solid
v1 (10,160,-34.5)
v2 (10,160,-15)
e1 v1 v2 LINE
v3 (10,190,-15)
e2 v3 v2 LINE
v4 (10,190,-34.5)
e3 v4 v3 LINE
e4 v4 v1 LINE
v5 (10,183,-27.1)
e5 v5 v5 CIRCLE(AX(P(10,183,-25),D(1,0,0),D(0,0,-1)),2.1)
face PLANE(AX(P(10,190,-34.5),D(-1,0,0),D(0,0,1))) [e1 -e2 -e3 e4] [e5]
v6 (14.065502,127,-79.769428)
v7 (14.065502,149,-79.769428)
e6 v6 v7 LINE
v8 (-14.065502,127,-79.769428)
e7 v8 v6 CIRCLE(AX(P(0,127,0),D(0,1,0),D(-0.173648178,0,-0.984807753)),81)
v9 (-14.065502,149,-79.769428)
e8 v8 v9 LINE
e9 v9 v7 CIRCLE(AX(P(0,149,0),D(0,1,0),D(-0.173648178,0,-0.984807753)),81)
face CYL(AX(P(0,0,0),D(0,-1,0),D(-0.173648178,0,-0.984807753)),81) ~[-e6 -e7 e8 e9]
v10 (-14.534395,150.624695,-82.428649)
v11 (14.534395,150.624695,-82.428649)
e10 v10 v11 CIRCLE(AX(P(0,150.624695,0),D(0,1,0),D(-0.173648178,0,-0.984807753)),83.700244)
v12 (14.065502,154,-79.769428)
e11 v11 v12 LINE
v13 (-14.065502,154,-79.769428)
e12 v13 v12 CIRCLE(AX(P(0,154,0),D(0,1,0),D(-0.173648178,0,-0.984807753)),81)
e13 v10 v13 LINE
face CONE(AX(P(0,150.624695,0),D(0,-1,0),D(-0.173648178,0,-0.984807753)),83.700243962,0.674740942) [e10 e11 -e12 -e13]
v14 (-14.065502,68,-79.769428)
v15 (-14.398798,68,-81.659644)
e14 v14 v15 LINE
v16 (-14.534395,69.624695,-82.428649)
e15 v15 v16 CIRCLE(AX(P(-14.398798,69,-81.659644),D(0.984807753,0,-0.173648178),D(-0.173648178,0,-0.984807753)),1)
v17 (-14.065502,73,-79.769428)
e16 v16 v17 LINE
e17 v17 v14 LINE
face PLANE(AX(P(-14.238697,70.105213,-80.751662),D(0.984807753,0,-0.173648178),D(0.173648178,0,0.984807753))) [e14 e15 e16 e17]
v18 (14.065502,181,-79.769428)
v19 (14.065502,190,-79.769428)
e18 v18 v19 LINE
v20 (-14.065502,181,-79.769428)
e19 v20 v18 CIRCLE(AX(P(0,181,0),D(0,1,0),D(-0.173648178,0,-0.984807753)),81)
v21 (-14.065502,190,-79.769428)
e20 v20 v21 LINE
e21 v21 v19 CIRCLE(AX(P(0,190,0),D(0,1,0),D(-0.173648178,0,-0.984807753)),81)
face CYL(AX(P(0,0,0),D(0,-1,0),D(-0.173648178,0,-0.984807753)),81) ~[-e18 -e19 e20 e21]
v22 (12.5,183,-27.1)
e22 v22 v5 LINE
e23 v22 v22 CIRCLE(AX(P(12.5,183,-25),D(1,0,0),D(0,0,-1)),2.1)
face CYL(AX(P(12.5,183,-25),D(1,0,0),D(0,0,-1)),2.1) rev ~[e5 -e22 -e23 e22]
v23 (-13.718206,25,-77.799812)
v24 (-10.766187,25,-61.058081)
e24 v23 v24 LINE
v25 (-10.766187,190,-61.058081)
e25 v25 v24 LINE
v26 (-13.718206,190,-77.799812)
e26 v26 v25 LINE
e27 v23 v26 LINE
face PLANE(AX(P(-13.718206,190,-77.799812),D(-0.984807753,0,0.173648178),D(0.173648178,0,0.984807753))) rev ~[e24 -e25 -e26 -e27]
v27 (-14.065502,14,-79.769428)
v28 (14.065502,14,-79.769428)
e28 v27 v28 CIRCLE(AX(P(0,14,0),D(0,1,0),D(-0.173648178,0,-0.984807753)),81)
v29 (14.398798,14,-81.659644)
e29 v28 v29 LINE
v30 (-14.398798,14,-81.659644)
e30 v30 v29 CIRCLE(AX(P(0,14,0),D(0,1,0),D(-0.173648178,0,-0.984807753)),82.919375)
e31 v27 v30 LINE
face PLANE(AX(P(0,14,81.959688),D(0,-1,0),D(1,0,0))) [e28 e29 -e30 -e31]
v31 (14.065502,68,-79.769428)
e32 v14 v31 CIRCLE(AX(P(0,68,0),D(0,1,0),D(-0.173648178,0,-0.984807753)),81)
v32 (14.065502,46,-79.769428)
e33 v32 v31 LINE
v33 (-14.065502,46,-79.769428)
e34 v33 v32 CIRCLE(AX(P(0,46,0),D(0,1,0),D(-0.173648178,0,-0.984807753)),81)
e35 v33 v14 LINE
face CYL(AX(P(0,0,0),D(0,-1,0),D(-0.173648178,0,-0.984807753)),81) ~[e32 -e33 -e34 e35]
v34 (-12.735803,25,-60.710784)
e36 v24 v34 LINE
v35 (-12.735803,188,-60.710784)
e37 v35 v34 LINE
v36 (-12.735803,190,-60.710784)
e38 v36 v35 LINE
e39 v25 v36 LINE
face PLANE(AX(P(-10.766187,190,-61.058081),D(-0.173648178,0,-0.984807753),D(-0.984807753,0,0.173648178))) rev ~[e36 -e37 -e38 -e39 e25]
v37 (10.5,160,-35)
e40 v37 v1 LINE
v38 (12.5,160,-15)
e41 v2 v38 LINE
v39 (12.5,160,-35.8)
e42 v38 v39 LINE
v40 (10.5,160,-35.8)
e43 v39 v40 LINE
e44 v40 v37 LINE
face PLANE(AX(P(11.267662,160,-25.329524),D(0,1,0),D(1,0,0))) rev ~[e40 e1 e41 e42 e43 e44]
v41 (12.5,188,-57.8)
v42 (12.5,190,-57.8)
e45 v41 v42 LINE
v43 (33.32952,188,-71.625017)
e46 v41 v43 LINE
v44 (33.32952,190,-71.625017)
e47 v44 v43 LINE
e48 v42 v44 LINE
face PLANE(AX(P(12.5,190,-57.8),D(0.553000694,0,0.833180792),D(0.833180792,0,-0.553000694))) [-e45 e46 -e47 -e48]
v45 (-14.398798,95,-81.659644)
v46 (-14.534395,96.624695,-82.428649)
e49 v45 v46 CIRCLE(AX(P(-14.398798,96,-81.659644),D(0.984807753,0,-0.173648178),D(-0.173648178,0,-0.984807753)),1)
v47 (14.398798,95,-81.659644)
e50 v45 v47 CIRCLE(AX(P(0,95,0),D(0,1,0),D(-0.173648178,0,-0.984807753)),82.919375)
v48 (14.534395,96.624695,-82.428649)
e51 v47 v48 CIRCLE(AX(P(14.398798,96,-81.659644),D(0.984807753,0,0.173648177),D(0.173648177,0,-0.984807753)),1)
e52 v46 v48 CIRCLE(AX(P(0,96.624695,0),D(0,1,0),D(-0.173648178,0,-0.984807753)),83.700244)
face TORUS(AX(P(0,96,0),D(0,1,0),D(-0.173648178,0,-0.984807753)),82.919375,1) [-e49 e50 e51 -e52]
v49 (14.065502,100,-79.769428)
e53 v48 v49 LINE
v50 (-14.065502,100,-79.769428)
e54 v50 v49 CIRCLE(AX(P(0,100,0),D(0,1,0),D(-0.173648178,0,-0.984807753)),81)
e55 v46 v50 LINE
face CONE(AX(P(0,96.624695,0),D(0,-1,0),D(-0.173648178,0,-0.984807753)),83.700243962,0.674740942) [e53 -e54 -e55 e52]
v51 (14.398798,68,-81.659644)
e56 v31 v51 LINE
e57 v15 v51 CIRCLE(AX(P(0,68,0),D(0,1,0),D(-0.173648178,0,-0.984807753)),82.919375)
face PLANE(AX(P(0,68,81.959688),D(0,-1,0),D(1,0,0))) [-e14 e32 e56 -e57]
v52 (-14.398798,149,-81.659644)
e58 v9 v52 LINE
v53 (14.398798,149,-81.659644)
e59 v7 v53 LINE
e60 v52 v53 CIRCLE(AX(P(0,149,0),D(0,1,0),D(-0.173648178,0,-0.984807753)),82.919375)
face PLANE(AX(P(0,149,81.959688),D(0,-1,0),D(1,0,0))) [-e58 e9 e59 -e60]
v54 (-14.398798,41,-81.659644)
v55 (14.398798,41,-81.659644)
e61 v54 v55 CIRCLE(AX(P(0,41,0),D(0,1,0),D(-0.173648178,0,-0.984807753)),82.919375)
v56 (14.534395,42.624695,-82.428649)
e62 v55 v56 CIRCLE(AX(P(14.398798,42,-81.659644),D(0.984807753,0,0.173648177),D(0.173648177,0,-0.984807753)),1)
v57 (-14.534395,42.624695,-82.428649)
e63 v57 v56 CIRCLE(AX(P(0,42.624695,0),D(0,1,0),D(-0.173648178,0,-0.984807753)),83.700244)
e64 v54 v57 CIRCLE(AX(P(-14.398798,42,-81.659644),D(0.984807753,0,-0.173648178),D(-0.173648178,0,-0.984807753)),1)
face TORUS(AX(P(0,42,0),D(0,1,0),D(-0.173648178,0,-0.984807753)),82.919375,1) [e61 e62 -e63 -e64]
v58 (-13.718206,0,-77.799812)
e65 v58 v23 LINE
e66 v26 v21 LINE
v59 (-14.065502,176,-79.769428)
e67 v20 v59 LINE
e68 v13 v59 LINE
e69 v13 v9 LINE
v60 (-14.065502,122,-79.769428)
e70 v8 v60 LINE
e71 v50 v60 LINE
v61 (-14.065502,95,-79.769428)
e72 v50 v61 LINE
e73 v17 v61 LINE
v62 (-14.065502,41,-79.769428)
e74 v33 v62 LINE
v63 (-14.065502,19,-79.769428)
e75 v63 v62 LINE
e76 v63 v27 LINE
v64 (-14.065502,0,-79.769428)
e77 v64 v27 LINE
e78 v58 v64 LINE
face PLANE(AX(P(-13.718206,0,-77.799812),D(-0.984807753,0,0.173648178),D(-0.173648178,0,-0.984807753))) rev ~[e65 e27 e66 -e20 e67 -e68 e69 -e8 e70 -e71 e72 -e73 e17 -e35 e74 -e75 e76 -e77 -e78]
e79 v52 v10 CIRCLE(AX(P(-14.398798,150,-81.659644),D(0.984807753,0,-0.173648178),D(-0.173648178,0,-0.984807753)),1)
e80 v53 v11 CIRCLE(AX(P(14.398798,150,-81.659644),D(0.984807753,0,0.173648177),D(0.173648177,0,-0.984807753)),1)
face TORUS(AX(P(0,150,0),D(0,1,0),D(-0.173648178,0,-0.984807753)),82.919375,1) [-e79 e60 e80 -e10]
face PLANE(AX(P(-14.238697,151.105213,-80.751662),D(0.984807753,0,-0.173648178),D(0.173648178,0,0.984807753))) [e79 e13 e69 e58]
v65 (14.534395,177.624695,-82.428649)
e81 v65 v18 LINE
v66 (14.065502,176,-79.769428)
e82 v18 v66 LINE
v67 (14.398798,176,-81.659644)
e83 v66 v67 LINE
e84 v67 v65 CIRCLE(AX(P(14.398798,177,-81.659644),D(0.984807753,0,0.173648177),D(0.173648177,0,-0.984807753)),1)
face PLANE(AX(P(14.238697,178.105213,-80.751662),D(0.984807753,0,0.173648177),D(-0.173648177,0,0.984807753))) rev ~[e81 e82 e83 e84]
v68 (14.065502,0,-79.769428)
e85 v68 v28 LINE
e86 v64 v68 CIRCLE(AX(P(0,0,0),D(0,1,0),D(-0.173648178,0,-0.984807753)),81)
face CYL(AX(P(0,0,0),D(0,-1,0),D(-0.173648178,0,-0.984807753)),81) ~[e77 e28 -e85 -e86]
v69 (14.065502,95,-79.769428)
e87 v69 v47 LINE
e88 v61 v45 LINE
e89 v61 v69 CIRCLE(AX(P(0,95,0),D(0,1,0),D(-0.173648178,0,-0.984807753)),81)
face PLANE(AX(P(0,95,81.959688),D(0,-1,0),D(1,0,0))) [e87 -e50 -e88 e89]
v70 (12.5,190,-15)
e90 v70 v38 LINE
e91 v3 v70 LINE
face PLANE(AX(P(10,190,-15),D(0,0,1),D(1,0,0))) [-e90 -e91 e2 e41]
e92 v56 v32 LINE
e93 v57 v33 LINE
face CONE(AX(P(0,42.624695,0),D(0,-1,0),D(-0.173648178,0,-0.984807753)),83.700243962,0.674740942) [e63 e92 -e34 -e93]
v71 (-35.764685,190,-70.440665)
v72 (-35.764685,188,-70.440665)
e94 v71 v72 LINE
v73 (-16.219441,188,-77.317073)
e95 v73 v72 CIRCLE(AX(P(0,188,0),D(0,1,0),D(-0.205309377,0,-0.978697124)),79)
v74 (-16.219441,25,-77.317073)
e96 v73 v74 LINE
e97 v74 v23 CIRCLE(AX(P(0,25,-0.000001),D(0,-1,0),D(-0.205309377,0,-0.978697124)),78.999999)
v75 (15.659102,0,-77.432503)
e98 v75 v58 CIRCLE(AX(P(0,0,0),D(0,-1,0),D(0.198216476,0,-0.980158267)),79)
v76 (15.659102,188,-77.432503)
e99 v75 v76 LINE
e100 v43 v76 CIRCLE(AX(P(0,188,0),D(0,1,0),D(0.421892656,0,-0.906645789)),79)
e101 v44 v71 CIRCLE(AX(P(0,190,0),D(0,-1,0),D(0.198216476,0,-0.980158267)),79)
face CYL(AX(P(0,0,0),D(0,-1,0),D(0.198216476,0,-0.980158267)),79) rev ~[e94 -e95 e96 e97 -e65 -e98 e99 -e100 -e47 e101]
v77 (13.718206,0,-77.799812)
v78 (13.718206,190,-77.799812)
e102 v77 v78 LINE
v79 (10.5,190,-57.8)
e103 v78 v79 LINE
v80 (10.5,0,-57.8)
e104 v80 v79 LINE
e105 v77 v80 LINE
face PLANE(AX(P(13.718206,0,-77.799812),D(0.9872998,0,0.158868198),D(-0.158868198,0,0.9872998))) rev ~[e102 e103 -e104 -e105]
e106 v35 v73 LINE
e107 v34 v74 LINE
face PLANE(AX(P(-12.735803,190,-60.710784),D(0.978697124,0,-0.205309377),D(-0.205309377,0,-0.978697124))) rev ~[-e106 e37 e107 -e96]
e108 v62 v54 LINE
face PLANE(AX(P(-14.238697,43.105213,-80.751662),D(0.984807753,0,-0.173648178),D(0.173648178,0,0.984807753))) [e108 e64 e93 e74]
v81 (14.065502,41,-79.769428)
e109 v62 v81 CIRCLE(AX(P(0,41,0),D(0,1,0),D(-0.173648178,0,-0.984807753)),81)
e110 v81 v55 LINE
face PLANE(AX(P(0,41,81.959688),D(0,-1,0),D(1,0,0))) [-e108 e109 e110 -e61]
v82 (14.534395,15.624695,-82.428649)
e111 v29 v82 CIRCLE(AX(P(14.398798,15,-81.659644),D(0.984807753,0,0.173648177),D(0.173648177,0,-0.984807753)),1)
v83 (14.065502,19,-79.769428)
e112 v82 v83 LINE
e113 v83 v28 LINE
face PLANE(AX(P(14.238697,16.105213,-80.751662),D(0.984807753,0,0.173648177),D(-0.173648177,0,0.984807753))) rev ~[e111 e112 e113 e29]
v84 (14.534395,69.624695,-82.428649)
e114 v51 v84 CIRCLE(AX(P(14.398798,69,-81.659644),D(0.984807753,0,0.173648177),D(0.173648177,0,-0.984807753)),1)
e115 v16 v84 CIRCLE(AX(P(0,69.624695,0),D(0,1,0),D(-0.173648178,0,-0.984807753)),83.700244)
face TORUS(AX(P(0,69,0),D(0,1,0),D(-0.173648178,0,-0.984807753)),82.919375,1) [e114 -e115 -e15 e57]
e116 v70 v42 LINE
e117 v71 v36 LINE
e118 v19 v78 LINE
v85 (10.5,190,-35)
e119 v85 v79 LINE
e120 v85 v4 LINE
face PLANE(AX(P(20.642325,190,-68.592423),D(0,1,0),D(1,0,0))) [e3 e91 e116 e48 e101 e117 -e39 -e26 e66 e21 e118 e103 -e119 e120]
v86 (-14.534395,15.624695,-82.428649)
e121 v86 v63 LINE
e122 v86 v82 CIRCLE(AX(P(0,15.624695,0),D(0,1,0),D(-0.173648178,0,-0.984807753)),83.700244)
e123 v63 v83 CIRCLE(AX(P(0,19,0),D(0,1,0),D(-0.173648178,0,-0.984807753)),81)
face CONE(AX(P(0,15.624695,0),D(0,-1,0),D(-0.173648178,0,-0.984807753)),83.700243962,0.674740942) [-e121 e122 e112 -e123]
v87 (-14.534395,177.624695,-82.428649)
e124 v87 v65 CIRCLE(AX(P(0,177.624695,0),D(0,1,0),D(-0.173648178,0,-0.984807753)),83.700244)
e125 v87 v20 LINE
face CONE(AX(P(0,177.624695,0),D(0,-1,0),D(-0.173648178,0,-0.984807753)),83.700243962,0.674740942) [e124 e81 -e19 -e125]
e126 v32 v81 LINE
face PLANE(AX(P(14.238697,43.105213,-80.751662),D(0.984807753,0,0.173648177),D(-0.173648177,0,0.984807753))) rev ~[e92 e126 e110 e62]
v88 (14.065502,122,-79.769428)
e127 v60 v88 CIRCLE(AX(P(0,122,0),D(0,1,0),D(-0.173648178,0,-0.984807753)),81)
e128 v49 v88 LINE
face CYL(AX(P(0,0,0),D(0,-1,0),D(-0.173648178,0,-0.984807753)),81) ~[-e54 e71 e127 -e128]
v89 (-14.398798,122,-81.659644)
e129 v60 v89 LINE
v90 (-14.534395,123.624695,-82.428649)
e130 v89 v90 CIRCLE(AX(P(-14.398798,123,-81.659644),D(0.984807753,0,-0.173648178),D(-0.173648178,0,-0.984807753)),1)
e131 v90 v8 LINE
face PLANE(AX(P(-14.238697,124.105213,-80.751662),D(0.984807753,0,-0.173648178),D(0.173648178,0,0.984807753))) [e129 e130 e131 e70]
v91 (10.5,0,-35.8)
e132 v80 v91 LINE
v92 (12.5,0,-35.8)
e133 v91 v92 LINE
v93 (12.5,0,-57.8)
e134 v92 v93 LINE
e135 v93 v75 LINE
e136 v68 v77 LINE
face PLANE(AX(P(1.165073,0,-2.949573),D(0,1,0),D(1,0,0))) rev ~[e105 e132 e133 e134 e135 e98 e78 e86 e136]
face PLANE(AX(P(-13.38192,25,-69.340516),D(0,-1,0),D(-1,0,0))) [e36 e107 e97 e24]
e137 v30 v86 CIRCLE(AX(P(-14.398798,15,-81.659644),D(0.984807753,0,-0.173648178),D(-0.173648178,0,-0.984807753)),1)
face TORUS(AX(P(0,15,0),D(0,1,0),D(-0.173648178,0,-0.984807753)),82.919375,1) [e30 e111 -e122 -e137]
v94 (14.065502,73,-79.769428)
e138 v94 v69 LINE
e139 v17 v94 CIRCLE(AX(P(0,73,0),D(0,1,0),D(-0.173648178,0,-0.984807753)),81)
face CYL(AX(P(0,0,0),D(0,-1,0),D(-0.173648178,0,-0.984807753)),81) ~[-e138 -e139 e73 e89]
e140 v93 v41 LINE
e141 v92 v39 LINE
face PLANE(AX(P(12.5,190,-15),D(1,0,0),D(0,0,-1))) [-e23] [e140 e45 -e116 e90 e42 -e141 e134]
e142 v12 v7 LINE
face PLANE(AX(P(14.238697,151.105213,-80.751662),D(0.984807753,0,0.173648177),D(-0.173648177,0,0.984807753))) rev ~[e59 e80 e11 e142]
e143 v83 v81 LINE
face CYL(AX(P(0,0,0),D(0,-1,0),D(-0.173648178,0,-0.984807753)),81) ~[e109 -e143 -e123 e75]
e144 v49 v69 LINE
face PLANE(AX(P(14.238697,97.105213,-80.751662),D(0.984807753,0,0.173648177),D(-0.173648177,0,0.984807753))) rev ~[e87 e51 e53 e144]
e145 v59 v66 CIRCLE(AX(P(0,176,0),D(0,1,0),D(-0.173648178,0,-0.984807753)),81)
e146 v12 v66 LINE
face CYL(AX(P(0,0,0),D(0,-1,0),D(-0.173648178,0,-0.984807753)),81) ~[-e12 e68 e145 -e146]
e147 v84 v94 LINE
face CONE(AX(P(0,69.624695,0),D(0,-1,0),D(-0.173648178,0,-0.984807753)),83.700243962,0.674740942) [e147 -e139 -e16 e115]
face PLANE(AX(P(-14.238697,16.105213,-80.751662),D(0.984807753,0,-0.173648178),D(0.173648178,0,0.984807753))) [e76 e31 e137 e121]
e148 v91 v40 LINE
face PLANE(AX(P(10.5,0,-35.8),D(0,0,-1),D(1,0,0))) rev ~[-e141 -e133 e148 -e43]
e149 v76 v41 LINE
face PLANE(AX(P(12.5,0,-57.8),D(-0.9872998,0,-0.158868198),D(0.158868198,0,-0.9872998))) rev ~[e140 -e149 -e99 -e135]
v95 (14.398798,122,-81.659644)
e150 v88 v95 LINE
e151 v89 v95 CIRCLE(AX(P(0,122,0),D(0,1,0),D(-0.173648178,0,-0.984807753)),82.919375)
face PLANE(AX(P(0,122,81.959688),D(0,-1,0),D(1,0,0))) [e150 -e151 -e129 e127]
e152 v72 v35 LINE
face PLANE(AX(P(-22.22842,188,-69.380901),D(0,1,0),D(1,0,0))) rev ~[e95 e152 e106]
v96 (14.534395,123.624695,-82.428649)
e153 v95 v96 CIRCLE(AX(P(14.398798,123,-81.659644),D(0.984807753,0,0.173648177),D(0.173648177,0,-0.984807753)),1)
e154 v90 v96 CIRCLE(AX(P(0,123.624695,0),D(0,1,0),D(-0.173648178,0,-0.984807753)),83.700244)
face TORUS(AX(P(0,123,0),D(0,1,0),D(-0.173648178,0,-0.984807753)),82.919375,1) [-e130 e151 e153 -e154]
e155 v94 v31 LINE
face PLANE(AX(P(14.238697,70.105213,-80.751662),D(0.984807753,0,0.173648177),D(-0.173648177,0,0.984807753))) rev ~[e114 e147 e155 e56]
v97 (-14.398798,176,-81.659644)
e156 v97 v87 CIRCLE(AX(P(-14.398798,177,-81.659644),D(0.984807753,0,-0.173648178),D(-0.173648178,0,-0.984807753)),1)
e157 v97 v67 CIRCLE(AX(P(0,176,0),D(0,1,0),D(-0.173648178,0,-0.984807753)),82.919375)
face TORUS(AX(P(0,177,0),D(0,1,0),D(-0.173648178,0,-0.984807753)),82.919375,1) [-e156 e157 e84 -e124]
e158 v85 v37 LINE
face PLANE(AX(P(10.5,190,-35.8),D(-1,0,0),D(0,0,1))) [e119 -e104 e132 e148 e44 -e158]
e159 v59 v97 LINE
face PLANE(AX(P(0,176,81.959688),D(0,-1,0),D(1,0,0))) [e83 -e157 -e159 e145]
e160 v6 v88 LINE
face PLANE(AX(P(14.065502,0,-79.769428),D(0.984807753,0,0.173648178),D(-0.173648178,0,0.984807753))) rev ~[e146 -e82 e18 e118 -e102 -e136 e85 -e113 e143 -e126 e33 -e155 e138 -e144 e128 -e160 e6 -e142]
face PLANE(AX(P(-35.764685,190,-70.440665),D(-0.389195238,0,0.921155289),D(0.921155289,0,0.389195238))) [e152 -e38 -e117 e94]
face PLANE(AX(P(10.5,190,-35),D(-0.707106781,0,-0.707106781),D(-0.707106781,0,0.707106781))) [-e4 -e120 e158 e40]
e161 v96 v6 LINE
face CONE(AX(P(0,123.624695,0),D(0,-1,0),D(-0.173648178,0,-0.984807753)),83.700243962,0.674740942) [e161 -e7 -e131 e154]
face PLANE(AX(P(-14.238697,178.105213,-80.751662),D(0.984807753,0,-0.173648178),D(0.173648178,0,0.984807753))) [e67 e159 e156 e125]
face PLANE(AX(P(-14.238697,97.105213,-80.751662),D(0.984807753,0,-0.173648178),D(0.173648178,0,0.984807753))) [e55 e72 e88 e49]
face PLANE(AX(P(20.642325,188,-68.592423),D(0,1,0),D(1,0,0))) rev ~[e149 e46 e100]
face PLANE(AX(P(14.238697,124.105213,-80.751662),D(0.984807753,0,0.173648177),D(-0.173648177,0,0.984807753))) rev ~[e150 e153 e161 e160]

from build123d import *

# Parameters (mm, degrees)
RESSALTO_EXTRUS_O1_DEPTH = 190
PADR_O_LINEAR1_COUNT     = 7
PADR_O_LINEAR1_PITCH     = 27
RESSALTO_EXTRUS_O2_DEPTH = 30
CORTE_EXTRUS_O1_REACH    = 98.419
ESBO_O5_R                = 2.1
RESSALTO_EXTRUS_O3_DEPTH = 165
RESSALTO_EXTRUS_O4_DEPTH = 2


with BuildPart() as part:
    # Esboço1 → Ressalto-extrusão1 (new body)
    with BuildSketch(Plane(origin=(0, 0, 0), x_dir=(1, 0, 0), z_dir=(0, 1, 0))):
        with BuildLine():
            Line((-13.718206036, 77.799812488), (-14.065502391, 79.769427994))
            ThreePointArc((-14.065502391, 79.769427994), (0, -81), (14.065502391, 79.769427994))
            Line((14.065502391, 79.769427994), (13.718206036, 77.799812488))
            Line((13.718206036, 77.799812488), (10.5, 57.8))
            Line((10.5, 57.8), (10.5, 35.8))
            Line((10.5, 35.8), (12.5, 35.8))
            Line((12.5, 35.8), (12.5, 57.8))
            Line((12.5, 57.8), (15.659101617, 77.432503101))
            ThreePointArc((15.659101617, 77.432503101), (-0.987673003, -78.993825721), (-13.718206036, 77.799812488))
        make_face()
    extrude(amount=RESSALTO_EXTRUS_O1_DEPTH)

    # Varredura1: sweep along a path in Esboço3
    with BuildLine(Plane(origin=(0, 13, 0), x_dir=(1, 0, 0), z_dir=(0, 1, 0))) as varredura1_path:
        ThreePointArc((-14.15232648, 80.26183187), (0, -81.5), (14.15232648, 80.26183187))
    # Esboço2 → Varredura1 (sweep)
    with BuildSketch(Plane(origin=(0, 0, 0), x_dir=(-0.173648178, 0, -0.984807753), z_dir=(0.984807753, 0, -0.173648178))):
        with BuildLine():
            Line((81, 14), (82.919375153, 14))
            ThreePointArc((82.919375153, 14), (83.820678389, 14.56681127), (83.700243962, 15.624695048))
            Line((83.700243962, 15.624695048), (81, 19))
            Line((81, 19), (81, 14))
        make_face()
    varredura1 = sweep(path=varredura1_path.line)

    # Padrão linear1: Varredura1 ×7
    with Locations(*[(0, i * PADR_O_LINEAR1_PITCH, 0) for i in range(1, PADR_O_LINEAR1_COUNT)]):
        add(varredura1)

    # Esboço4 → Ressalto-extrusão2 (add)
    with BuildSketch(Plane(origin=(0, 190, 0), x_dir=(1, 0, 0), z_dir=(0, 1, 0))):
        Polygon((10.5, 35.8), (10.5, 35), (10, 34.5), (10, 15), (12.5, 15), (12.5, 35.8), align=None)
    extrude(amount=-RESSALTO_EXTRUS_O2_DEPTH)

    # Esboço5 → Corte-extrusão1 (cut, up to next)
    with BuildSketch(Plane(origin=(12.5, 0, 0), x_dir=(0, 0, -1), z_dir=(1, 0, 0)), mode=Mode.PRIVATE) as corte_extrus_o1_sk1:
        with Locations((25, 183)):
            Circle(ESBO_O5_R)
    corte_extrus_o1_tool1 = extrude(corte_extrus_o1_sk1.sketch, amount=-CORTE_EXTRUS_O1_REACH, mode=Mode.PRIVATE) & part.part
    add(corte_extrus_o1_tool1.solids().sort_by_distance((12.5, 183, -25))[0], mode=Mode.SUBTRACT)

    # Esboço6 → Ressalto-extrusão3 (add)
    with BuildSketch(Plane(origin=(0, 190, 0), x_dir=(1, 0, 0), z_dir=(0, 1, 0))):
        with BuildLine():
            Line((-13.718206036, 77.799812488), (-10.766187015, 61.058080687))
            Line((-10.766187015, 61.058080687), (-12.735802521, 60.710784331))
            Line((-12.735802521, 60.710784331), (-16.219440766, 77.317072767))
            ThreePointArc((-16.219440766, 77.317072767), (-14.970769299, 77.568524974), (-13.718206036, 77.799812488))
        make_face()
    extrude(amount=-RESSALTO_EXTRUS_O3_DEPTH)

    # Esboço7 → Ressalto-extrusão4 (add)
    with BuildSketch(Plane(origin=(0, 190, 0), x_dir=(1, 0, 0), z_dir=(0, 1, 0))):
        with BuildLine():
            Line((12.5, 57.8), (33.329519809, 71.625017342))
            ThreePointArc((33.329519809, 71.625017342), (24.665826157, 75.050629711), (15.659101617, 77.432503101))
            Line((15.659101617, 77.432503101), (12.5, 57.8))
        make_face()
        with BuildLine():
            Line((-35.764684752, 70.440665276), (-12.735802521, 60.710784331))
            Line((-12.735802521, 60.710784331), (-16.219440766, 77.317072767))
            ThreePointArc((-16.219440766, 77.317072767), (-26.218477672, 74.522422321), (-35.764684752, 70.440665276))
        make_face()
    extrude(amount=-RESSALTO_EXTRUS_O4_DEPTH)


solid = part.part
